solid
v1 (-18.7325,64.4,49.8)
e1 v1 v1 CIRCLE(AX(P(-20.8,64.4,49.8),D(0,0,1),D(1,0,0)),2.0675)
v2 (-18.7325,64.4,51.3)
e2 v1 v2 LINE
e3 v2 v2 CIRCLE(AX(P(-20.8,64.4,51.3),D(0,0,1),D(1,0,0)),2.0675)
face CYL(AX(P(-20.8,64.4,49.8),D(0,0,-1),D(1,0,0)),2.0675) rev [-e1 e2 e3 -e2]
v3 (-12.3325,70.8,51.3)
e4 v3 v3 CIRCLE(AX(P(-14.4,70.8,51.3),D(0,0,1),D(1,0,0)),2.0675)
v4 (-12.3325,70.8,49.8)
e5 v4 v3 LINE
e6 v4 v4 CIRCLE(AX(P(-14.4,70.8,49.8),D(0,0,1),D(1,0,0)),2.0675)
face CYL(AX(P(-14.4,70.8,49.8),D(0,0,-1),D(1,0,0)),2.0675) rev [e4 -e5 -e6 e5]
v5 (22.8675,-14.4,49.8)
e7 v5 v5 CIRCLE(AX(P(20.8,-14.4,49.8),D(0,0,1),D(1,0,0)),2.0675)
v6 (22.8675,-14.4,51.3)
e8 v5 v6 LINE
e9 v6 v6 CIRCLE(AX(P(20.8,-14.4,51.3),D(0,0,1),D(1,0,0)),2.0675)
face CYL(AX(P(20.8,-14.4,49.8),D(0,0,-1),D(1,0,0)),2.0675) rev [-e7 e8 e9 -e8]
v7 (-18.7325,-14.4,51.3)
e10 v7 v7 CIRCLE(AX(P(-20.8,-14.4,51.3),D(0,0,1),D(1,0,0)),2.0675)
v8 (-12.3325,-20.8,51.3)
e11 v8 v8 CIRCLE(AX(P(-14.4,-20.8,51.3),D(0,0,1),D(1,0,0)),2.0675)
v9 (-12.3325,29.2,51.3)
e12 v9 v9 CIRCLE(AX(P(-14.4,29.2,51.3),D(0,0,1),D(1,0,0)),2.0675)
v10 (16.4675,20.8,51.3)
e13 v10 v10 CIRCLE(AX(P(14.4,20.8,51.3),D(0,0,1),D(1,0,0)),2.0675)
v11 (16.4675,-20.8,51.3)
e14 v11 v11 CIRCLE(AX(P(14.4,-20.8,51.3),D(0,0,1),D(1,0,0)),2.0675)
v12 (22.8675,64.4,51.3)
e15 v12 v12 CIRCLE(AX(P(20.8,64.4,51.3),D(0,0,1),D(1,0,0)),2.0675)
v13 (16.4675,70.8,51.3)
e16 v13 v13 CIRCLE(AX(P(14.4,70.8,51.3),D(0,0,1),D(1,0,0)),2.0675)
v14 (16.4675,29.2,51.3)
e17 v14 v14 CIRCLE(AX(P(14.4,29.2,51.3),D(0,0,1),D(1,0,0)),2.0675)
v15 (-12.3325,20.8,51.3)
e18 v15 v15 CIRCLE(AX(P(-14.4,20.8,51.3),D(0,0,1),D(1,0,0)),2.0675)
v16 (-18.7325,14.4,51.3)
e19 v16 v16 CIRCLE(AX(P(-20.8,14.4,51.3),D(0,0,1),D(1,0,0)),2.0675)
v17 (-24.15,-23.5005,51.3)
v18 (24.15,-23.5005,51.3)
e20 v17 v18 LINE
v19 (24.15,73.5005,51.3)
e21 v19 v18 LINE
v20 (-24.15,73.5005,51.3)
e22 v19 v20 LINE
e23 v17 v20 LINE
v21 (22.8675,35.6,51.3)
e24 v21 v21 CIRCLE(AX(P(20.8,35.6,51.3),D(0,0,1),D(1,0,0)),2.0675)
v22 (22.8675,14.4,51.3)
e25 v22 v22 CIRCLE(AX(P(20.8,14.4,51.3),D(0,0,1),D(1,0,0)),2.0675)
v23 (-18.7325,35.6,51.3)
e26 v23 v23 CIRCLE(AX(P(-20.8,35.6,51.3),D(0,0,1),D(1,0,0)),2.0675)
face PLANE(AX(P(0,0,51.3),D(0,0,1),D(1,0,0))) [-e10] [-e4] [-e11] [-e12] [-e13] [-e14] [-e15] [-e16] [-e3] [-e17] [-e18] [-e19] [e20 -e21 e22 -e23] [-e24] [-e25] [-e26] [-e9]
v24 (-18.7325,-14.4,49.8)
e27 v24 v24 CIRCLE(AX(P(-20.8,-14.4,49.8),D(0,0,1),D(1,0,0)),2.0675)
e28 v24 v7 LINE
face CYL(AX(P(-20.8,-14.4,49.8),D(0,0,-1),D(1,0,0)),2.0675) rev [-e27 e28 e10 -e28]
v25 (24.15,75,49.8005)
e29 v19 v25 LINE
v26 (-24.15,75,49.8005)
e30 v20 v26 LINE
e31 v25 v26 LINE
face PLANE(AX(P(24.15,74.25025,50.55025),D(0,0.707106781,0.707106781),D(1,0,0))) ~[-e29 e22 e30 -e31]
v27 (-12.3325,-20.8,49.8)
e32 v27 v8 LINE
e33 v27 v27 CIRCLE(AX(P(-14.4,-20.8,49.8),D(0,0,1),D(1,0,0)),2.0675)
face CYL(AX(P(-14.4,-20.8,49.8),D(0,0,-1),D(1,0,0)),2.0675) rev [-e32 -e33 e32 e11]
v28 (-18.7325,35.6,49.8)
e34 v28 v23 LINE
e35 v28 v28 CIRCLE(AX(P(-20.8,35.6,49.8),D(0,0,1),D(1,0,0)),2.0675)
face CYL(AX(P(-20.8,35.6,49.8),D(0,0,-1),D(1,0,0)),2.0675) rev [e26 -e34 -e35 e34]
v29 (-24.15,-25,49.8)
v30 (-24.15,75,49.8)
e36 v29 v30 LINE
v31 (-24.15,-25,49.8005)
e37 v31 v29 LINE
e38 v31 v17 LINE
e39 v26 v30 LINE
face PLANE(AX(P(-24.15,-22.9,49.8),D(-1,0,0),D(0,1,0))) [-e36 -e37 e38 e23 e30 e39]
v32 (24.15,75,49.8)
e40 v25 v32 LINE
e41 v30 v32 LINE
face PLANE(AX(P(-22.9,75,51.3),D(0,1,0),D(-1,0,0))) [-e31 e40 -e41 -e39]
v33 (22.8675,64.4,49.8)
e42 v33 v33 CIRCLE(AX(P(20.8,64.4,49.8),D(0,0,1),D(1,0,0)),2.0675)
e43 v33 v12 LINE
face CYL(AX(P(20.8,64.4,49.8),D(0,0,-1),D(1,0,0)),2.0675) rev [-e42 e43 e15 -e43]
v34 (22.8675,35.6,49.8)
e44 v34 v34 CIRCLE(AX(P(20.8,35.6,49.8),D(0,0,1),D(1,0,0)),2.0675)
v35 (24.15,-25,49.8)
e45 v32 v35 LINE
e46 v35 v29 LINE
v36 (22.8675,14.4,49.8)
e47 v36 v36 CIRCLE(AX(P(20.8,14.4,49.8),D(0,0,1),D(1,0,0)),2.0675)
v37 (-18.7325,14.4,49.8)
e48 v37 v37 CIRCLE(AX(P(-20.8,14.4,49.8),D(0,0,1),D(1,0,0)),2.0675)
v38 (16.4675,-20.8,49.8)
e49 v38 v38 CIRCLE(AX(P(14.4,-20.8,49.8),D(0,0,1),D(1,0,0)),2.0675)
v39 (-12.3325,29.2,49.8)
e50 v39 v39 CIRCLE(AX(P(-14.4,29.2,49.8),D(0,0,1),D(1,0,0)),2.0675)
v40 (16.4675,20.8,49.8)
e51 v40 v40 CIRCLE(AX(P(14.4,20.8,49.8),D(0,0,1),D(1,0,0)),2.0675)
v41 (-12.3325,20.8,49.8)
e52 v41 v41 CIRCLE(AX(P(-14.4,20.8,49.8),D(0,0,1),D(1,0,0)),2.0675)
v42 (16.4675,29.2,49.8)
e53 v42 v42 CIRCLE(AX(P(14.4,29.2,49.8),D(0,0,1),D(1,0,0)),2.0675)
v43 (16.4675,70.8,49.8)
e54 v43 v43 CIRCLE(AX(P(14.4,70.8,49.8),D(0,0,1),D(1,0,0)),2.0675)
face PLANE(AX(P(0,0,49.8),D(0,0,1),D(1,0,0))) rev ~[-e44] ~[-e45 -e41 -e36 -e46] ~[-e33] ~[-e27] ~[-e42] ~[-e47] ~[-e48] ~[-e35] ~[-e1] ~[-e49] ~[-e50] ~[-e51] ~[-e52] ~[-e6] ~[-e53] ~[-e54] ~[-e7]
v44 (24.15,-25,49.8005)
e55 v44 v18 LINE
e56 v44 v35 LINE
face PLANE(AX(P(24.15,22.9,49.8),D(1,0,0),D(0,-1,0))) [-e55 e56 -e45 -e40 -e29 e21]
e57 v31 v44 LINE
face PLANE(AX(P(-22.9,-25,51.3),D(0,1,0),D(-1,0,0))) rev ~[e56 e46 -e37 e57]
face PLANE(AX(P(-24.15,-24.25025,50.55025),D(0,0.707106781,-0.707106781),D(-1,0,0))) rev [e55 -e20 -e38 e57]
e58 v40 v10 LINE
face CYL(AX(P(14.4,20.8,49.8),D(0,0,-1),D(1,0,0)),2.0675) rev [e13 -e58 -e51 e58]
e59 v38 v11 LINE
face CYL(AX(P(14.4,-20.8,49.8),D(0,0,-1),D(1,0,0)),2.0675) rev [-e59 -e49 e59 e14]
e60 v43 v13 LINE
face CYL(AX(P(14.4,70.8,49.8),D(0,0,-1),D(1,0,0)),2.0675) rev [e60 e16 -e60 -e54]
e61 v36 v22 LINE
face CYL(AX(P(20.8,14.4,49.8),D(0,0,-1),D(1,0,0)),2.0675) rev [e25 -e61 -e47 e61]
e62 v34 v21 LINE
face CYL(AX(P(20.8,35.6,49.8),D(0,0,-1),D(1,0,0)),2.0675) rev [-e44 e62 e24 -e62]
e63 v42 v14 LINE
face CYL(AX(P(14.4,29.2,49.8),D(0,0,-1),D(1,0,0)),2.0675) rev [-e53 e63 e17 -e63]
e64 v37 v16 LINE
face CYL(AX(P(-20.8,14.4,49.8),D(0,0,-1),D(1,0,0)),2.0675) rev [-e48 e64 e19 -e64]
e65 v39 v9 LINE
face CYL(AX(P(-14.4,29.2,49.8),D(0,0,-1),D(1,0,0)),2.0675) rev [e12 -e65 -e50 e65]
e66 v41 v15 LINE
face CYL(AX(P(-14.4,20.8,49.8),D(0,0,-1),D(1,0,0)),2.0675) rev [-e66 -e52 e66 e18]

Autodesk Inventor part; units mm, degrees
ref_plane "YZ Plane" through (0, 0, 0) normal (1, 0, 0) x (0, 1, 0)
ref_plane "XZ Plane" through (0, 0, 0) normal (0, 1, 0) x (-1, 0, 0)
sketch "Sketch1" plane through (0, 0, 0) normal (0, 0, 1) x (1, 0, 0)
  circle A0 centre (-21.9, -21.9) radius 1.875 projected
  circle A1 centre (21.9, 21.9) radius 1.875 projected
  circle A2 centre (21.9, -21.9) radius 1.875 projected
  circle A3 centre (-21.9, 21.9) radius 1.875 projected
  circle A4 centre (14.4, 20.8) radius 2.0675 projected
  circle A5 centre (-14.4, -20.8) radius 2.0675 projected
  circle A6 centre (14.4, -20.8) radius 2.0675 projected
  circle A7 centre (20.8, -14.4) radius 2.0675 projected
  line L0 (-17.05, 17.05) -> (-17.05, -17.05) projected
  line L1 (17.05, 17.05) -> (-17.05, 17.05) projected
  line L2 (17.05, -17.05) -> (17.05, 17.05) projected
  line L3 (-17.05, -17.05) -> (17.05, -17.05) projected
  circle A8 centre (20.8, 14.4) radius 2.0675 projected
  circle A9 centre (-14.4, 20.8) radius 2.0675 projected
  circle A10 centre (-20.8, -14.4) radius 2.0675 projected
  circle A11 centre (-20.8, 14.4) radius 2.0675 projected
  line L4 (-22.9, 24.15) -> (22.9, 24.15) projected
  arc A12 (-22.9, 24.15) -> (-24.15, 22.9) centre (-22.9, 22.9) ccw projected
  line L5 (-24.15, -22.9) -> (-24.15, 22.9) projected
  arc A13 (-24.15, -22.9) -> (-22.9, -24.15) centre (-22.9, -22.9) ccw projected
  line L6 (22.9, -24.15) -> (-22.9, -24.15) projected
  arc A14 (22.9, -24.15) -> (24.15, -22.9) centre (22.9, -22.9) ccw projected
  line L7 (24.15, 22.9) -> (24.15, -22.9) projected
  arc A15 (24.15, 22.9) -> (22.9, 24.15) centre (22.9, 22.9) ccw projected
  point P0 (0, 0)
ref_plane "Work Plane1" through (-24.15, -24.15, 49.8) normal (0, 0, 1) x (1, 0, 0)
extrude "Extrusion1" add sketch "Sketch1" along normal blind 1.5 from surface at 49.8 contours A0 | A1 | A2 | A3 | L1 L2 L3 L0 | L4 A15 L7 A14 L6 A13 L5 A12
sketch "Sketch2" plane through (-22.9, -24.15, 51.3) normal (0, 0, 1) x (1, 0, 0)
  arc A0 (-1.25, 1.25) -> (0, 0) centre (0, 1.25) ccw projected
  line L0 (45.8, 0) -> (0, 0) projected
  arc A1 (45.8, 0) -> (47.05, 1.25) centre (45.8, 1.25) ccw projected
  line L1 (47.05, 47.05) -> (47.05, 1.25) projected
  arc A2 (47.05, 47.05) -> (45.8, 48.3) centre (45.8, 47.05) ccw projected
  line L2 (0, 48.3) -> (45.8, 48.3) projected
  arc A3 (0, 48.3) -> (-1.25, 47.05) centre (0, 47.05) ccw projected
  line L3 (-1.25, 1.25) -> (-1.25, 47.05) projected
  circle A4 centre (2.1, 38.55) radius 2.0675 projected
  circle A5 centre (2.1, 9.75) radius 2.0675 projected
  circle A6 centre (8.5, 44.95) radius 2.0675 projected
  circle A7 centre (43.7, 38.55) radius 2.0675 projected
  circle A8 centre (43.7, 9.75) radius 2.0675 projected
  circle A9 centre (37.3, 3.35) radius 2.0675 projected
  circle A10 centre (8.5, 3.35) radius 2.0675 projected
  circle A11 centre (37.3, 44.95) radius 2.0675 projected
  arc A12 (47.9, 47.05) -> (45.8, 49.15) centre (45.8, 47.05) ccw
  line L4 (47.9, 47.05) -> (47.9, 1.25)
  arc A13 (45.8, -0.85) -> (47.9, 1.25) centre (45.8, 1.25) ccw
  line L5 (45.8, -0.85) -> (0, -0.85)
  arc A14 (-2.1, 1.25) -> (0, -0.85) centre (0, 1.25) ccw
  line L6 (-2.1, 1.25) -> (-2.1, 47.05)
  arc A15 (0, 49.15) -> (-2.1, 47.05) centre (0, 47.05) ccw
  line L7 (0, 49.15) -> (45.8, 49.15)
  line L8 (47.05, 1.25) -> (45.8, 1.25)
  line L9 (45.8, 1.25) -> (45.8, -0.85)
  line L10 (45.8, -0.85) -> (47.05, -0.85)
  line L11 (47.05, -0.85) -> (47.05, 1.25)
  line L12 (-1.25, 1.25) -> (0, 1.25)
  line L13 (0, 1.25) -> (0, -0.85)
  line L14 (0, -0.85) -> (-1.25, -0.85)
  line L15 (-1.25, -0.85) -> (-1.25, 1.25)
  line L16 (-1.25, 47.05) -> (0, 47.05)
  line L17 (0, 47.05) -> (0, 49.15)
  line L18 (0, 49.15) -> (-1.25, 49.15)
  line L19 (-1.25, 49.15) -> (-1.25, 47.05)
  line L20 (47.05, 47.05) -> (45.8, 47.05)
  line L21 (45.8, 47.05) -> (45.8, 49.15)
  line L22 (45.8, 49.15) -> (47.05, 49.15)
  line L23 (47.05, 49.15) -> (47.05, 47.05)
  point P0 (22.9, 24.15)
  dimension "d2" = 0.85
extrude "Extrusion2" add sketch "Sketch2" against normal blind 1.5 contours A0 L13 A14 L15 | L0 L9 L5 L13 | L19 A15 L17 A3 | A14 L14 L15 | A1 L11 A13 L9 | L17 L7 L21 L2 | L19 L18 A15 | A13 L11 L10 | L21 A12 L23 A2 | L22 L23 A12
pattern_linear "Rectangular Pattern1" count 2 spacing 50 along (0, 1, 0) of "Extrusion1", "Extrusion2"
chamfer "Chamfer1" distance 1.5 angle 45 2 edges at (0, -25, 51.3) (0, 75, 51.3)
properties part number "Panel Top 1x2"
